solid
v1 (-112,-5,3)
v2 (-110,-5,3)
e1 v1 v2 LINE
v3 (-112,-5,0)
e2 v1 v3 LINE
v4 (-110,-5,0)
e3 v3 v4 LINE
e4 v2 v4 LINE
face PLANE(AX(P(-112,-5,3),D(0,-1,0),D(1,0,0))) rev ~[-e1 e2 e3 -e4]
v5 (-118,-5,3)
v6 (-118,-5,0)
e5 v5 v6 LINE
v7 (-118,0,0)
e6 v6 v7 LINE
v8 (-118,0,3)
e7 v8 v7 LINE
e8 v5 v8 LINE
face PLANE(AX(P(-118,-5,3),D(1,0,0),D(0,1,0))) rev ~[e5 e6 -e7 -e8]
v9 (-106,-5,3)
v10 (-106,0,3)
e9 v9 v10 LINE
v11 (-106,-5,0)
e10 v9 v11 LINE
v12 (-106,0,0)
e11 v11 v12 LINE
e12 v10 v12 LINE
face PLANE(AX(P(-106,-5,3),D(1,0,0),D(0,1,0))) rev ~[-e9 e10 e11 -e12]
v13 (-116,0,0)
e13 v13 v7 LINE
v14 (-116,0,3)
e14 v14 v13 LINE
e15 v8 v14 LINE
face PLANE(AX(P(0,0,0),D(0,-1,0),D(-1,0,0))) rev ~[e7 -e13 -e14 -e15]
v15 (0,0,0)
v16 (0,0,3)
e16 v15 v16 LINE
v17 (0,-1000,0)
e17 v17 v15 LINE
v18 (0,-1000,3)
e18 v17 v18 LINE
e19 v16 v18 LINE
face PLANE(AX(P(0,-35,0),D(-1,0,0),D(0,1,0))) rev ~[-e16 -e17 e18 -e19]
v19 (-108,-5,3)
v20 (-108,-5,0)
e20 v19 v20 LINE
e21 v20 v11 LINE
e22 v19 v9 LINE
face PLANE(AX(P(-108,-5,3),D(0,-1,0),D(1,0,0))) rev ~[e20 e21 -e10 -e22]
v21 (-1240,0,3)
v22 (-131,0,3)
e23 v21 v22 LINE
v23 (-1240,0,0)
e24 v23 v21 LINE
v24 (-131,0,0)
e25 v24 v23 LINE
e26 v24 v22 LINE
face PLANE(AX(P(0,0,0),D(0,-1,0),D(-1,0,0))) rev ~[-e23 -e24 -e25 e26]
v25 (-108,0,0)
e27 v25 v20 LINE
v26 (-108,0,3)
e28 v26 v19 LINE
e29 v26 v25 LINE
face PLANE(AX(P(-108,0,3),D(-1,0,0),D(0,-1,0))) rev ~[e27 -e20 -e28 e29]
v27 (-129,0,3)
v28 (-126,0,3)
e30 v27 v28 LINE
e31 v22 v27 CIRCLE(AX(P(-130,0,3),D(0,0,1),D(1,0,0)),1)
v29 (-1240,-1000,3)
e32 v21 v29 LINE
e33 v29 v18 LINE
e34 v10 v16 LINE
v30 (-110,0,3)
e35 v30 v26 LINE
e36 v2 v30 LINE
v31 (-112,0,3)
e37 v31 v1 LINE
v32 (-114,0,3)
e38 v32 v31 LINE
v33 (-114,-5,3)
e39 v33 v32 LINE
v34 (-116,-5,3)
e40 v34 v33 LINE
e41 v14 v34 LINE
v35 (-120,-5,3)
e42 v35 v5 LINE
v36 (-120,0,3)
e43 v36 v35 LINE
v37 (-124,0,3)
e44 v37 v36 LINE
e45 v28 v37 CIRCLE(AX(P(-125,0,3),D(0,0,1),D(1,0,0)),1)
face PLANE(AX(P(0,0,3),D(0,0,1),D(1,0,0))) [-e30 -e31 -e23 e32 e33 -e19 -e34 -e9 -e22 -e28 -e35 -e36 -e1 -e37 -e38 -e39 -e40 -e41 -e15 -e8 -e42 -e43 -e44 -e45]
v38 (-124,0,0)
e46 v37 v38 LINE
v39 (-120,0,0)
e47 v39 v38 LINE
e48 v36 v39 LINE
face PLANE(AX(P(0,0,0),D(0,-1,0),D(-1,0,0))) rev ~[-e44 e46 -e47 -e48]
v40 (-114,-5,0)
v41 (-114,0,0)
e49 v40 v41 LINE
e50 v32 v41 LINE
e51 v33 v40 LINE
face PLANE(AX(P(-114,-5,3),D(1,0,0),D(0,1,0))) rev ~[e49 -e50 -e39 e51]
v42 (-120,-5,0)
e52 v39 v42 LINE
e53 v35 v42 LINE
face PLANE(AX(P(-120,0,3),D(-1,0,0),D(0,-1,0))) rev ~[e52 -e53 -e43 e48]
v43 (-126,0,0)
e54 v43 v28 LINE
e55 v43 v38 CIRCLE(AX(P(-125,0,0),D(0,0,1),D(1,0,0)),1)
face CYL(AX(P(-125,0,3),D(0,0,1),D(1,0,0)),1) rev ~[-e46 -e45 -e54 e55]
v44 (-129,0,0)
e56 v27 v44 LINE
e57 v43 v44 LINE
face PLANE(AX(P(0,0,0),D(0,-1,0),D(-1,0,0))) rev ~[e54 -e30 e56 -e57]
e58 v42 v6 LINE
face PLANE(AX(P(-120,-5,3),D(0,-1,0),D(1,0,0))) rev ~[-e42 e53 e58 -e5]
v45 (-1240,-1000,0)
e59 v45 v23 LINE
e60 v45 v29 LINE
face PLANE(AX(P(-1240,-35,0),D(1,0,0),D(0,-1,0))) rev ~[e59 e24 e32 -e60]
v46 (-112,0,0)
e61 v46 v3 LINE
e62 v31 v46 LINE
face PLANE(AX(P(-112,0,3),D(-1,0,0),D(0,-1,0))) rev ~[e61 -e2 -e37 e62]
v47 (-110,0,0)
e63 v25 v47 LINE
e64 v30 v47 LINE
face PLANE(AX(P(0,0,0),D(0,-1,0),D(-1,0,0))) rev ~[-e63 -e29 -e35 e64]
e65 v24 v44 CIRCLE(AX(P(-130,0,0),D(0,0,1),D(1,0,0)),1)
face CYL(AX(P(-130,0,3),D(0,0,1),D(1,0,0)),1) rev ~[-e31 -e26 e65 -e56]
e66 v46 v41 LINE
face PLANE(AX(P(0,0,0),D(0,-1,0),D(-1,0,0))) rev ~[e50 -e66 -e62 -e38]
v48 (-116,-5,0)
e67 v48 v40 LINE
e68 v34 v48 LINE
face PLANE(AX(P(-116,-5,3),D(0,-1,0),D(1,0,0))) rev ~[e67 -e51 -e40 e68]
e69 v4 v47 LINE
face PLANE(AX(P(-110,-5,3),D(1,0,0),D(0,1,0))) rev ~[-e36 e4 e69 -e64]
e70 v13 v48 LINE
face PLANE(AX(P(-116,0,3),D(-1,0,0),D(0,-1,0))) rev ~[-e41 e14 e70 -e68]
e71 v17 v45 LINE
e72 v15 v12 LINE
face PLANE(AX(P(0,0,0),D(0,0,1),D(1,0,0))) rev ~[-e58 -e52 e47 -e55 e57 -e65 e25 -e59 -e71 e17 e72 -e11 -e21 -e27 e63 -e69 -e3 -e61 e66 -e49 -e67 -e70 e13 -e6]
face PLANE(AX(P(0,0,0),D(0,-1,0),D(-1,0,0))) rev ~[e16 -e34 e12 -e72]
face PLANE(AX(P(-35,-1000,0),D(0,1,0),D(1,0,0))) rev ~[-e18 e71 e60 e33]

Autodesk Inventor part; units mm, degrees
ref_plane "YZ Plane" through (0, 0, 0) normal (1, 0, 0) x (0, 1, 0)
ref_plane "XZ Plane" through (0, 0, 0) normal (0, 1, 0) x (-1, 0, 0)
ref_plane "XY Plane" through (0, 0, 0) normal (0, 0, 1) x (1, 0, 0)
sketch "Sketch1" plane through (0, 0, 0) normal (0, 0, 1) x (1, 0, 0)
  line L0 (0, 0) -> (-1240, 0)
  line L1 (-1240, 0) -> (-1240, -1000)
  line L2 (-1240, -1000) -> (0, -1000)
  line L3 (0, -1000) -> (0, 0)
  line L4 (0, 0) -> (-35, 0)
  line L5 (-35, 0) -> (-35, -35)
  line L6 (-35, -35) -> (0, -35)
  line L7 (0, -35) -> (0, 0)
  line L8 (0, -1000) -> (-35, -1000)
  line L9 (-35, -1000) -> (-35, -965)
  line L10 (-35, -965) -> (0, -965)
  line L11 (0, -965) -> (0, -1000)
  line L12 (-1240, 0) -> (-1205, 0)
  line L13 (-1205, 0) -> (-1205, -35)
  line L14 (-1205, -35) -> (-1240, -35)
  line L15 (-1240, -35) -> (-1240, 0)
  line L16 (-1240, -1000) -> (-1205, -1000)
  line L17 (-1205, -1000) -> (-1205, -965)
  line L18 (-1205, -965) -> (-1240, -965)
  line L19 (-1240, -965) -> (-1240, -1000)
  line L20 (-1095, -1000) -> (-1005, -1000)
  line L21 (-1005, -1000) -> (-1005, -965)
  line L22 (-1005, -965) -> (-1095, -965)
  line L23 (-1095, -965) -> (-1095, -1000)
  line L24 (-1095, 0) -> (-1005, 0)
  line L25 (-1005, 0) -> (-1005, -35)
  line L26 (-1005, -35) -> (-1095, -35)
  line L27 (-1095, -35) -> (-1095, 0)
  point P0 (0, -35)
  point P1 (-35, -1000)
  point P2 (0, -965)
  point P3 (-1005, -1000)
  point P4 (-1005, 0)
  dimension "d22" = 1240
  dimension "d23" = 1000
  dimension "d24" = 35
  dimension "d25" = 35
  dimension "d28" = 90
  dimension "d29" = 970
extrude "Plate1" add sketch "Sketch1" along normal blind 3
sketch "Sketch5" plane through (0, 0, 3) normal (0, 0, 1) x (1, 0, 0)
  line L0 (0, 0) -> (-100, 0) construction
  line L1 (-100, 0) -> (-100, -2) construction
  line L2 (-100, -2) -> (0, -2) construction
  line L3 (0, -2) -> (0, 0) construction
  line L4 (-100, 0) -> (-101.5248, -4.6556)
  arc A0 (-102.4752, -4.6556) -> (-101.5248, -4.6556) centre (-102, -4.5) ccw
  line L5 (-102.4752, -4.6556) -> (-104, 0)
  line L6 (-104, 0) -> (-100, 0)
  line L7 (-104, 0) -> (-106, 0) construction
  line L8 (-106, 0) -> (-108, 0)
  line L9 (-108, 0) -> (-108, -5)
  line L10 (-108, -5) -> (-106, -5)
  line L11 (-106, -5) -> (-106, 0)
  line L12 (-108, 0) -> (-110, 0) construction
  line L13 (-110, 0) -> (-112, 0)
  line L14 (-112, 0) -> (-112, -5)
  line L15 (-112, -5) -> (-110, -5)
  line L16 (-110, -5) -> (-110, 0)
  line L17 (-112, 0) -> (-114, 0) construction
  line L18 (-114, 0) -> (-116, 0)
  line L19 (-116, 0) -> (-116, -5)
  line L20 (-116, -5) -> (-114, -5)
  line L21 (-114, -5) -> (-114, 0)
  line L22 (-116, 0) -> (-118, 0) construction
  line L23 (-118, 0) -> (-120, 0)
  line L24 (-120, 0) -> (-120, -5)
  line L25 (-120, -5) -> (-118, -5)
  line L26 (-118, -5) -> (-118, 0)
  line L27 (-120, 0) -> (-125, 0) construction
  line L28 (-125, 0) -> (-130, 0) construction
  circle A1 centre (-125, 0) radius 1
  circle A2 centre (-130, 0) radius 1
  point P0 (-102, 0)
  dimension "d30" = 100
  dimension "d31" = 2
  dimension "d32" = 5
  dimension "d33" = 4
  dimension "d34" = 0.5
  dimension "d35" = 5
  dimension "d36" = 5
  dimension "d37" = 5
  dimension "d38" = 2
extrude "Cut1" cut sketch "Sketch5" against normal blind 3 contours L11 L10 L9 L8 | L16 L15 L14 L13 | L21 L20 L19 L18 | L26 L25 L24 L23 | A1 | A2
equation "\"d24\" = d25"
equation "\"d33\" = 2 * d31"
equation "\"d34\" = 0.25 * d31"
equation "\"d38\" = d31"
equation "\"d39\" = Thickness"
equation "\"d2\" = Thickness"
equation "\"BendReliefWidth\" = Thickness"
equation "\"BendReliefDepth\" = 0.5 * Thickness"
equation "\"CornerReliefSize\" = 4 * Thickness"
equation "\"MinimumRemnant\" = 2 * Thickness"
equation "\"TransitionRadius\" = BendRadius"
equation "\"JacobiRadiusSize\" = BendRadius"
equation "\"GapSize\" = Thickness"
equation "\"Thickness\" = 3"
equation "\"BendRadius\" = 5"
properties part number "GnG frame 2 floor sheet 5" material "Stainless Steel"
